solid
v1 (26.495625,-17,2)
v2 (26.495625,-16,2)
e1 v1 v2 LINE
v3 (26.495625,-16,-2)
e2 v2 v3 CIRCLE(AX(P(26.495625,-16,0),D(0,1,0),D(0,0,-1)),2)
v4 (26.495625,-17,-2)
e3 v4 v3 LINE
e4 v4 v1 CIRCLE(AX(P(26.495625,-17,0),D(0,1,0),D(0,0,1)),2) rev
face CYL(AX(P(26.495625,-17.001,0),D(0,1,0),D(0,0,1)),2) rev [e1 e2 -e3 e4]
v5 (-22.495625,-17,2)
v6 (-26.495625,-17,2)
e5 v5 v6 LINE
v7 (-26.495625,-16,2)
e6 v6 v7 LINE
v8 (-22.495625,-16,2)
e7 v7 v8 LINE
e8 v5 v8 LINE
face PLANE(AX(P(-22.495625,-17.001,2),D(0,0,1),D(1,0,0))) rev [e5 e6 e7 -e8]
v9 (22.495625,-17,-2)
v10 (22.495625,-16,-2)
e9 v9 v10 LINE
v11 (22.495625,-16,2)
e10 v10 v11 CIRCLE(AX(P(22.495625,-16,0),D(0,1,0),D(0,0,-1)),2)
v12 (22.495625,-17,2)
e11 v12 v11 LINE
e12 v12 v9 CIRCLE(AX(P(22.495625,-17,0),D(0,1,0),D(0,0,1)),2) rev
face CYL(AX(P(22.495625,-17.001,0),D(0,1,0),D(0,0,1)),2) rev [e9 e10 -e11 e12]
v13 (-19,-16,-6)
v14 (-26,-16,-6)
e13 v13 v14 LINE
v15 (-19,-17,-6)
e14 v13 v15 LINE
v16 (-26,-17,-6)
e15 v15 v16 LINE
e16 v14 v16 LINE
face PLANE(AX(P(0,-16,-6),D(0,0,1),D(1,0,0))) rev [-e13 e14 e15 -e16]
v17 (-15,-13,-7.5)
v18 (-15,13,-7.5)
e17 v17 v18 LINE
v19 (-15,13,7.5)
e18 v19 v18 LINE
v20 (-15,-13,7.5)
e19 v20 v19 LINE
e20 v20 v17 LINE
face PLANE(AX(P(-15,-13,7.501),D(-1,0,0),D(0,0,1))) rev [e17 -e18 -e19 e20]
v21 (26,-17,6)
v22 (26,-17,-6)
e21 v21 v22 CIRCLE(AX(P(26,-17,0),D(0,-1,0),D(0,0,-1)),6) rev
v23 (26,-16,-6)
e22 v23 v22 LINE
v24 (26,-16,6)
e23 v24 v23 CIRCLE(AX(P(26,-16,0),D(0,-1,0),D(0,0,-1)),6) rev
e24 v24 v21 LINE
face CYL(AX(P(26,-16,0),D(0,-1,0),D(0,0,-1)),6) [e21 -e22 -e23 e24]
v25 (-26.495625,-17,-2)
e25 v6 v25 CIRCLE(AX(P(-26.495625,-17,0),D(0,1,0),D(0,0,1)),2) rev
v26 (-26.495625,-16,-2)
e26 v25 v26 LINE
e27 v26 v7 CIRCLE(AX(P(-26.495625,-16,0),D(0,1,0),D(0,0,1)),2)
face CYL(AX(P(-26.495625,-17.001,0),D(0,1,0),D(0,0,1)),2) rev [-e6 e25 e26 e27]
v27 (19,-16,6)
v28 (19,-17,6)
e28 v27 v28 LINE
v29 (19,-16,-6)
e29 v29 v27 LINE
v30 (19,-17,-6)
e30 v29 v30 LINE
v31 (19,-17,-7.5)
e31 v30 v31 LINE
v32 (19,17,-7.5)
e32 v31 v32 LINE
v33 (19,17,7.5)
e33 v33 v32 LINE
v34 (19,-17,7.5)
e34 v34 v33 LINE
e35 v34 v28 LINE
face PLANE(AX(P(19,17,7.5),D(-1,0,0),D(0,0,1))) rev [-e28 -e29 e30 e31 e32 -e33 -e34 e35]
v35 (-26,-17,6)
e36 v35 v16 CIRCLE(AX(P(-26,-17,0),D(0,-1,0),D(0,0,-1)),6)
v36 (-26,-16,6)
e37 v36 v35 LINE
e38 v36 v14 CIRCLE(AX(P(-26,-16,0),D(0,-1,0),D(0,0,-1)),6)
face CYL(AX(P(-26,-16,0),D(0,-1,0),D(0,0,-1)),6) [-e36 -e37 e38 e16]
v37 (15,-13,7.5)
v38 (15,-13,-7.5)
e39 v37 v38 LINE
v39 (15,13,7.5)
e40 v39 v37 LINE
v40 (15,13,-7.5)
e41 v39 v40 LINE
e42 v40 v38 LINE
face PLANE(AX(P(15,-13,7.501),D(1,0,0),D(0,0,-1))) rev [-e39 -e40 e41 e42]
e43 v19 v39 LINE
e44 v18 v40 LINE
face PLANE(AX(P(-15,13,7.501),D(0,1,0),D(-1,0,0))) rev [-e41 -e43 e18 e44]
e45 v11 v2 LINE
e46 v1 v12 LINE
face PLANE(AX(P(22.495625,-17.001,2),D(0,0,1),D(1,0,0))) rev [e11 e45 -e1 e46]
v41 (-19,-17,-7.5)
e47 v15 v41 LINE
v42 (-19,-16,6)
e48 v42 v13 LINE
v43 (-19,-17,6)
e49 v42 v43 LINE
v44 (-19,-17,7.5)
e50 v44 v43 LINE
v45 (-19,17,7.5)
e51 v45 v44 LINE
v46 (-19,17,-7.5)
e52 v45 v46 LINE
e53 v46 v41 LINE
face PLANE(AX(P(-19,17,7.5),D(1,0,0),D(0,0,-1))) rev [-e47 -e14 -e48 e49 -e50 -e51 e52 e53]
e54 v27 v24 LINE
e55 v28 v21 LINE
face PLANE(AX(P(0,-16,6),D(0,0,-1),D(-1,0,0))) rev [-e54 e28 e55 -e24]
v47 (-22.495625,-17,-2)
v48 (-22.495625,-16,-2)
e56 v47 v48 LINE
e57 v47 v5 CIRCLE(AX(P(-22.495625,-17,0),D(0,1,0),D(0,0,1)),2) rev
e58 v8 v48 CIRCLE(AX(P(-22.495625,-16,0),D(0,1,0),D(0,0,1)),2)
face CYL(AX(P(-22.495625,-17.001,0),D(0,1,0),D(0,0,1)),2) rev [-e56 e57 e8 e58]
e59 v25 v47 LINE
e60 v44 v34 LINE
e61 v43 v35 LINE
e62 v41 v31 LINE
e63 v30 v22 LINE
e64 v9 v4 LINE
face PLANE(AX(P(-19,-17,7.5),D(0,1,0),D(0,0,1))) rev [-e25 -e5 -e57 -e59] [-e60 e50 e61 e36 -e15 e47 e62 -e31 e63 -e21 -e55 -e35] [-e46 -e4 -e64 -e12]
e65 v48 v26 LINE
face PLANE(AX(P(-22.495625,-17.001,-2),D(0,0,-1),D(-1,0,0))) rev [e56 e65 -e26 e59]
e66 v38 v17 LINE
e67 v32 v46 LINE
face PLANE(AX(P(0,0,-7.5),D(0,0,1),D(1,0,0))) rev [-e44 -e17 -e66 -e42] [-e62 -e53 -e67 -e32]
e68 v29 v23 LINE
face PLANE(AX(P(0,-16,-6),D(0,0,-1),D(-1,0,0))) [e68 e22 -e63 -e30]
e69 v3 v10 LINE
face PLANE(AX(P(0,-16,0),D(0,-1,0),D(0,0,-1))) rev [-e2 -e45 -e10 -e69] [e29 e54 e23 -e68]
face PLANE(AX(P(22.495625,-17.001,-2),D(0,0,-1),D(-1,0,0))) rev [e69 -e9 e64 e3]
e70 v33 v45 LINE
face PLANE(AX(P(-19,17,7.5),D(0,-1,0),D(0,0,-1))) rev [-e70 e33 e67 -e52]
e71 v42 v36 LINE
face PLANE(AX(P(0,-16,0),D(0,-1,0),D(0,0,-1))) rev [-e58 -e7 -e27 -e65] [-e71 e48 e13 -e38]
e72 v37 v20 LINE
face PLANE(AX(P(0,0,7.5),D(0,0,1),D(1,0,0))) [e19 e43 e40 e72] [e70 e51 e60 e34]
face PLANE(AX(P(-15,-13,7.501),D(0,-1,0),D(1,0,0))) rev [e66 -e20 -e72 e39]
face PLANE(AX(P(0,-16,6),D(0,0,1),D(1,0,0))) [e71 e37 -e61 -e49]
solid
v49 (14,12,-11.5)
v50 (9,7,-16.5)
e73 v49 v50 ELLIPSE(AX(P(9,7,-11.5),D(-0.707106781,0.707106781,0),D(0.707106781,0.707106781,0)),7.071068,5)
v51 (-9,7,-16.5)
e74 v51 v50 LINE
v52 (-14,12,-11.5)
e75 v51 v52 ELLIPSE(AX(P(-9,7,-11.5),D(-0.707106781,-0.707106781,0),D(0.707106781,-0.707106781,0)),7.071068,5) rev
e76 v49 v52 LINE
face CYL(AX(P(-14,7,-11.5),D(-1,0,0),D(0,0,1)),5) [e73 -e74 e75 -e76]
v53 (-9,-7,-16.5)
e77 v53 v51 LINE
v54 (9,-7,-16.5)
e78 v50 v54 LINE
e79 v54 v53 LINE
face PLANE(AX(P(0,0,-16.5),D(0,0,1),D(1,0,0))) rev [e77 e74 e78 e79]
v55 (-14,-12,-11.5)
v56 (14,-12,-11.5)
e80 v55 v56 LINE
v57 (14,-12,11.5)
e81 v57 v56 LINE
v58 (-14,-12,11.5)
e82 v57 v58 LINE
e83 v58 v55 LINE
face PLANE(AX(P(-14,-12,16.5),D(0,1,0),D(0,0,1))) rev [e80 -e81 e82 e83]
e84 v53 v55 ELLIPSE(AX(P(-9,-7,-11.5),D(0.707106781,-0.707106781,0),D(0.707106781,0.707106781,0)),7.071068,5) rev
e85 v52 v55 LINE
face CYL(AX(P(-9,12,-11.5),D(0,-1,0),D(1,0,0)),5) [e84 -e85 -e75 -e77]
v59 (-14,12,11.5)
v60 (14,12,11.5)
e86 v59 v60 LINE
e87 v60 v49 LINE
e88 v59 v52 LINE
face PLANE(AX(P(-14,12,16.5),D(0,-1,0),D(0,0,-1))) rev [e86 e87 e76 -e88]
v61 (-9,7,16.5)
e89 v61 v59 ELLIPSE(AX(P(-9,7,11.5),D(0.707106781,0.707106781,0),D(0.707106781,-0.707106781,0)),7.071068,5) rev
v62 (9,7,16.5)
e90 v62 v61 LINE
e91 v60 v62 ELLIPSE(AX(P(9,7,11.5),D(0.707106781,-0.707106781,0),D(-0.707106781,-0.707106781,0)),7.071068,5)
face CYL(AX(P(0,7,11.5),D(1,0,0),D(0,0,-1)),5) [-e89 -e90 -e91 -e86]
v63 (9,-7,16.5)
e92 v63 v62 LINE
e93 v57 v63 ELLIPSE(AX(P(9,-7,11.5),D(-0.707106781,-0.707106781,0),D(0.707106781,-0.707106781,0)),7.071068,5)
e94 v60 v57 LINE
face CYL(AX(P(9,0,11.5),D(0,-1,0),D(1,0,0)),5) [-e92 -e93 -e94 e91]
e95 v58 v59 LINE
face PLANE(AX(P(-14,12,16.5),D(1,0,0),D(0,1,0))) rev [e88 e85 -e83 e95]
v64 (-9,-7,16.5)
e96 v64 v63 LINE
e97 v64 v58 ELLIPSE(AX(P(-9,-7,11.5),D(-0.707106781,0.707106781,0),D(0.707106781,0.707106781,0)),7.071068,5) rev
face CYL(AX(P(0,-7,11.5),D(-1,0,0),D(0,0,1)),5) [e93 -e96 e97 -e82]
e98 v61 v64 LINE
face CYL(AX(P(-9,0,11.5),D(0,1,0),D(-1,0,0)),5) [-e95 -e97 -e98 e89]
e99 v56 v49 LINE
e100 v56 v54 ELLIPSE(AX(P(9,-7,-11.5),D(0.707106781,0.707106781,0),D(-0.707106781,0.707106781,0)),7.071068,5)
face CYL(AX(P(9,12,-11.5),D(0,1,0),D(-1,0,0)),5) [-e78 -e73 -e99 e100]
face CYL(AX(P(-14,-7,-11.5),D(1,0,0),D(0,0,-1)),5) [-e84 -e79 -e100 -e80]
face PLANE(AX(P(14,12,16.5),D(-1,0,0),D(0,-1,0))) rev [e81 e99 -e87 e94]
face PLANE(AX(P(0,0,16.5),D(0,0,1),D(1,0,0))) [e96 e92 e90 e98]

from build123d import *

# Parameters (mm, degrees)
SKETCH1_W           = 38
SKETCH1_H           = 34
BOSS_EXTRUDE1_DEPTH = 7.5
BOSS_EXTRUDE2_DEPTH = 1
CUT_EXTRUDE1_REACH  = 48.575
CUT_EXTRUDE2_REACH  = 41.217
SKETCH4_W           = 30
SKETCH4_H           = 26
SKETCH5_W           = 28
SKETCH5_H           = 24
BOSS_EXTRUDE3_DEPTH = 16.5
FILLET1_R           = 5


with BuildPart() as part:
    # Sketch1 → Boss-Extrude1 (new, symmetric)
    with BuildSketch(Plane.XY):
        Rectangle(SKETCH1_W, SKETCH1_H)
    extrude(amount=BOSS_EXTRUDE1_DEPTH, both=True)

    # Sketch2 → Boss-Extrude2 (add)
    with BuildSketch(Plane.XZ.offset(17)):
        with BuildLine():
            Line((19, 6), (19, -6))
            Line((19, -6), (26, -6))
            ThreePointArc((26, -6), (32, 0), (26, 6))
            Line((26, 6), (19, 6))
        make_face()
        with BuildLine():
            Line((-26, -6), (-19, -6))
            Line((-19, -6), (-19, 6))
            Line((-19, 6), (-26, 6))
            ThreePointArc((-26, 6), (-32, 0), (-26, -6))
        make_face()
    extrude(amount=-BOSS_EXTRUDE2_DEPTH)

    # Sketch3 → Cut-Extrude1 (cut, up to next)
    with BuildSketch(Plane(origin=(0, -16, 0), x_dir=(1, 0, 0), z_dir=(0, 1, 0)), mode=Mode.PRIVATE) as cut_extrude1_sk1:
        with BuildLine():
            Line((-22.495625059, -2), (-26.495625059, -2))
            ThreePointArc((-26.495625059, -2), (-28.495625059, 0), (-26.495625059, 2))
            Line((-26.495625059, 2), (-22.495625059, 2))
            ThreePointArc((-22.495625059, 2), (-20.495625059, 0), (-22.495625059, -2))
        make_face()
    cut_extrude1_tool1 = extrude(cut_extrude1_sk1.sketch, amount=-CUT_EXTRUDE1_REACH, mode=Mode.PRIVATE) & part.part
    # Sketch3 → Cut-Extrude1 (cut, up to next)
    with BuildSketch(Plane(origin=(0, -16, 0), x_dir=(1, 0, 0), z_dir=(0, 1, 0)), mode=Mode.PRIVATE) as cut_extrude1_sk2:
        with BuildLine():
            Line((22.495625059, -2), (26.495625059, -2))
            ThreePointArc((26.495625059, -2), (28.495625059, 0), (26.495625059, 2))
            Line((26.495625059, 2), (22.495625059, 2))
            ThreePointArc((22.495625059, 2), (20.495625059, 0), (22.495625059, -2))
        make_face()
    cut_extrude1_tool2 = extrude(cut_extrude1_sk2.sketch, amount=-CUT_EXTRUDE1_REACH, mode=Mode.PRIVATE) & part.part
    add(cut_extrude1_tool1.solids().sort_by_distance((-24.495625, -16, 0))[0], mode=Mode.SUBTRACT)
    add(cut_extrude1_tool2.solids().sort_by_distance((24.495625, -16, 0))[0], mode=Mode.SUBTRACT)

    # Sketch4 → Cut-Extrude2 (cut, up to next)
    with BuildSketch(Plane(origin=(0, 0, -7.5), x_dir=(-1, 0, 0), z_dir=(0, 0, -1)), mode=Mode.PRIVATE) as cut_extrude2_sk1:
        Rectangle(SKETCH4_W, SKETCH4_H)
    cut_extrude2_tool1 = extrude(cut_extrude2_sk1.sketch, amount=-CUT_EXTRUDE2_REACH, mode=Mode.PRIVATE) & part.part
    add(cut_extrude2_tool1.solids().sort_by_distance((0, 0, -7.5))[0], mode=Mode.SUBTRACT)


with BuildPart() as body_2:
    # Sketch5 → Boss-Extrude3 (new, symmetric)
    with BuildSketch(Plane.XY):
        Rectangle(SKETCH5_W, SKETCH5_H)
    extrude(amount=BOSS_EXTRUDE3_DEPTH, both=True)

    # Fillet1
    fillet1_edges = [body_2.edges().sort_by_distance(p)[0] for p in [
        (-14, 0, 16.5),
        (0, -12, 16.5),
        (14, 0, 16.5),
        (0, -12, -16.5),
        (-14, 0, -16.5),
        (0, 12, -16.5),
        (14, 0, -16.5),
        (0, 12, 16.5),
    ]]
    fillet(fillet1_edges, radius=FILLET1_R)


solid = Compound([part.part, body_2.part])
